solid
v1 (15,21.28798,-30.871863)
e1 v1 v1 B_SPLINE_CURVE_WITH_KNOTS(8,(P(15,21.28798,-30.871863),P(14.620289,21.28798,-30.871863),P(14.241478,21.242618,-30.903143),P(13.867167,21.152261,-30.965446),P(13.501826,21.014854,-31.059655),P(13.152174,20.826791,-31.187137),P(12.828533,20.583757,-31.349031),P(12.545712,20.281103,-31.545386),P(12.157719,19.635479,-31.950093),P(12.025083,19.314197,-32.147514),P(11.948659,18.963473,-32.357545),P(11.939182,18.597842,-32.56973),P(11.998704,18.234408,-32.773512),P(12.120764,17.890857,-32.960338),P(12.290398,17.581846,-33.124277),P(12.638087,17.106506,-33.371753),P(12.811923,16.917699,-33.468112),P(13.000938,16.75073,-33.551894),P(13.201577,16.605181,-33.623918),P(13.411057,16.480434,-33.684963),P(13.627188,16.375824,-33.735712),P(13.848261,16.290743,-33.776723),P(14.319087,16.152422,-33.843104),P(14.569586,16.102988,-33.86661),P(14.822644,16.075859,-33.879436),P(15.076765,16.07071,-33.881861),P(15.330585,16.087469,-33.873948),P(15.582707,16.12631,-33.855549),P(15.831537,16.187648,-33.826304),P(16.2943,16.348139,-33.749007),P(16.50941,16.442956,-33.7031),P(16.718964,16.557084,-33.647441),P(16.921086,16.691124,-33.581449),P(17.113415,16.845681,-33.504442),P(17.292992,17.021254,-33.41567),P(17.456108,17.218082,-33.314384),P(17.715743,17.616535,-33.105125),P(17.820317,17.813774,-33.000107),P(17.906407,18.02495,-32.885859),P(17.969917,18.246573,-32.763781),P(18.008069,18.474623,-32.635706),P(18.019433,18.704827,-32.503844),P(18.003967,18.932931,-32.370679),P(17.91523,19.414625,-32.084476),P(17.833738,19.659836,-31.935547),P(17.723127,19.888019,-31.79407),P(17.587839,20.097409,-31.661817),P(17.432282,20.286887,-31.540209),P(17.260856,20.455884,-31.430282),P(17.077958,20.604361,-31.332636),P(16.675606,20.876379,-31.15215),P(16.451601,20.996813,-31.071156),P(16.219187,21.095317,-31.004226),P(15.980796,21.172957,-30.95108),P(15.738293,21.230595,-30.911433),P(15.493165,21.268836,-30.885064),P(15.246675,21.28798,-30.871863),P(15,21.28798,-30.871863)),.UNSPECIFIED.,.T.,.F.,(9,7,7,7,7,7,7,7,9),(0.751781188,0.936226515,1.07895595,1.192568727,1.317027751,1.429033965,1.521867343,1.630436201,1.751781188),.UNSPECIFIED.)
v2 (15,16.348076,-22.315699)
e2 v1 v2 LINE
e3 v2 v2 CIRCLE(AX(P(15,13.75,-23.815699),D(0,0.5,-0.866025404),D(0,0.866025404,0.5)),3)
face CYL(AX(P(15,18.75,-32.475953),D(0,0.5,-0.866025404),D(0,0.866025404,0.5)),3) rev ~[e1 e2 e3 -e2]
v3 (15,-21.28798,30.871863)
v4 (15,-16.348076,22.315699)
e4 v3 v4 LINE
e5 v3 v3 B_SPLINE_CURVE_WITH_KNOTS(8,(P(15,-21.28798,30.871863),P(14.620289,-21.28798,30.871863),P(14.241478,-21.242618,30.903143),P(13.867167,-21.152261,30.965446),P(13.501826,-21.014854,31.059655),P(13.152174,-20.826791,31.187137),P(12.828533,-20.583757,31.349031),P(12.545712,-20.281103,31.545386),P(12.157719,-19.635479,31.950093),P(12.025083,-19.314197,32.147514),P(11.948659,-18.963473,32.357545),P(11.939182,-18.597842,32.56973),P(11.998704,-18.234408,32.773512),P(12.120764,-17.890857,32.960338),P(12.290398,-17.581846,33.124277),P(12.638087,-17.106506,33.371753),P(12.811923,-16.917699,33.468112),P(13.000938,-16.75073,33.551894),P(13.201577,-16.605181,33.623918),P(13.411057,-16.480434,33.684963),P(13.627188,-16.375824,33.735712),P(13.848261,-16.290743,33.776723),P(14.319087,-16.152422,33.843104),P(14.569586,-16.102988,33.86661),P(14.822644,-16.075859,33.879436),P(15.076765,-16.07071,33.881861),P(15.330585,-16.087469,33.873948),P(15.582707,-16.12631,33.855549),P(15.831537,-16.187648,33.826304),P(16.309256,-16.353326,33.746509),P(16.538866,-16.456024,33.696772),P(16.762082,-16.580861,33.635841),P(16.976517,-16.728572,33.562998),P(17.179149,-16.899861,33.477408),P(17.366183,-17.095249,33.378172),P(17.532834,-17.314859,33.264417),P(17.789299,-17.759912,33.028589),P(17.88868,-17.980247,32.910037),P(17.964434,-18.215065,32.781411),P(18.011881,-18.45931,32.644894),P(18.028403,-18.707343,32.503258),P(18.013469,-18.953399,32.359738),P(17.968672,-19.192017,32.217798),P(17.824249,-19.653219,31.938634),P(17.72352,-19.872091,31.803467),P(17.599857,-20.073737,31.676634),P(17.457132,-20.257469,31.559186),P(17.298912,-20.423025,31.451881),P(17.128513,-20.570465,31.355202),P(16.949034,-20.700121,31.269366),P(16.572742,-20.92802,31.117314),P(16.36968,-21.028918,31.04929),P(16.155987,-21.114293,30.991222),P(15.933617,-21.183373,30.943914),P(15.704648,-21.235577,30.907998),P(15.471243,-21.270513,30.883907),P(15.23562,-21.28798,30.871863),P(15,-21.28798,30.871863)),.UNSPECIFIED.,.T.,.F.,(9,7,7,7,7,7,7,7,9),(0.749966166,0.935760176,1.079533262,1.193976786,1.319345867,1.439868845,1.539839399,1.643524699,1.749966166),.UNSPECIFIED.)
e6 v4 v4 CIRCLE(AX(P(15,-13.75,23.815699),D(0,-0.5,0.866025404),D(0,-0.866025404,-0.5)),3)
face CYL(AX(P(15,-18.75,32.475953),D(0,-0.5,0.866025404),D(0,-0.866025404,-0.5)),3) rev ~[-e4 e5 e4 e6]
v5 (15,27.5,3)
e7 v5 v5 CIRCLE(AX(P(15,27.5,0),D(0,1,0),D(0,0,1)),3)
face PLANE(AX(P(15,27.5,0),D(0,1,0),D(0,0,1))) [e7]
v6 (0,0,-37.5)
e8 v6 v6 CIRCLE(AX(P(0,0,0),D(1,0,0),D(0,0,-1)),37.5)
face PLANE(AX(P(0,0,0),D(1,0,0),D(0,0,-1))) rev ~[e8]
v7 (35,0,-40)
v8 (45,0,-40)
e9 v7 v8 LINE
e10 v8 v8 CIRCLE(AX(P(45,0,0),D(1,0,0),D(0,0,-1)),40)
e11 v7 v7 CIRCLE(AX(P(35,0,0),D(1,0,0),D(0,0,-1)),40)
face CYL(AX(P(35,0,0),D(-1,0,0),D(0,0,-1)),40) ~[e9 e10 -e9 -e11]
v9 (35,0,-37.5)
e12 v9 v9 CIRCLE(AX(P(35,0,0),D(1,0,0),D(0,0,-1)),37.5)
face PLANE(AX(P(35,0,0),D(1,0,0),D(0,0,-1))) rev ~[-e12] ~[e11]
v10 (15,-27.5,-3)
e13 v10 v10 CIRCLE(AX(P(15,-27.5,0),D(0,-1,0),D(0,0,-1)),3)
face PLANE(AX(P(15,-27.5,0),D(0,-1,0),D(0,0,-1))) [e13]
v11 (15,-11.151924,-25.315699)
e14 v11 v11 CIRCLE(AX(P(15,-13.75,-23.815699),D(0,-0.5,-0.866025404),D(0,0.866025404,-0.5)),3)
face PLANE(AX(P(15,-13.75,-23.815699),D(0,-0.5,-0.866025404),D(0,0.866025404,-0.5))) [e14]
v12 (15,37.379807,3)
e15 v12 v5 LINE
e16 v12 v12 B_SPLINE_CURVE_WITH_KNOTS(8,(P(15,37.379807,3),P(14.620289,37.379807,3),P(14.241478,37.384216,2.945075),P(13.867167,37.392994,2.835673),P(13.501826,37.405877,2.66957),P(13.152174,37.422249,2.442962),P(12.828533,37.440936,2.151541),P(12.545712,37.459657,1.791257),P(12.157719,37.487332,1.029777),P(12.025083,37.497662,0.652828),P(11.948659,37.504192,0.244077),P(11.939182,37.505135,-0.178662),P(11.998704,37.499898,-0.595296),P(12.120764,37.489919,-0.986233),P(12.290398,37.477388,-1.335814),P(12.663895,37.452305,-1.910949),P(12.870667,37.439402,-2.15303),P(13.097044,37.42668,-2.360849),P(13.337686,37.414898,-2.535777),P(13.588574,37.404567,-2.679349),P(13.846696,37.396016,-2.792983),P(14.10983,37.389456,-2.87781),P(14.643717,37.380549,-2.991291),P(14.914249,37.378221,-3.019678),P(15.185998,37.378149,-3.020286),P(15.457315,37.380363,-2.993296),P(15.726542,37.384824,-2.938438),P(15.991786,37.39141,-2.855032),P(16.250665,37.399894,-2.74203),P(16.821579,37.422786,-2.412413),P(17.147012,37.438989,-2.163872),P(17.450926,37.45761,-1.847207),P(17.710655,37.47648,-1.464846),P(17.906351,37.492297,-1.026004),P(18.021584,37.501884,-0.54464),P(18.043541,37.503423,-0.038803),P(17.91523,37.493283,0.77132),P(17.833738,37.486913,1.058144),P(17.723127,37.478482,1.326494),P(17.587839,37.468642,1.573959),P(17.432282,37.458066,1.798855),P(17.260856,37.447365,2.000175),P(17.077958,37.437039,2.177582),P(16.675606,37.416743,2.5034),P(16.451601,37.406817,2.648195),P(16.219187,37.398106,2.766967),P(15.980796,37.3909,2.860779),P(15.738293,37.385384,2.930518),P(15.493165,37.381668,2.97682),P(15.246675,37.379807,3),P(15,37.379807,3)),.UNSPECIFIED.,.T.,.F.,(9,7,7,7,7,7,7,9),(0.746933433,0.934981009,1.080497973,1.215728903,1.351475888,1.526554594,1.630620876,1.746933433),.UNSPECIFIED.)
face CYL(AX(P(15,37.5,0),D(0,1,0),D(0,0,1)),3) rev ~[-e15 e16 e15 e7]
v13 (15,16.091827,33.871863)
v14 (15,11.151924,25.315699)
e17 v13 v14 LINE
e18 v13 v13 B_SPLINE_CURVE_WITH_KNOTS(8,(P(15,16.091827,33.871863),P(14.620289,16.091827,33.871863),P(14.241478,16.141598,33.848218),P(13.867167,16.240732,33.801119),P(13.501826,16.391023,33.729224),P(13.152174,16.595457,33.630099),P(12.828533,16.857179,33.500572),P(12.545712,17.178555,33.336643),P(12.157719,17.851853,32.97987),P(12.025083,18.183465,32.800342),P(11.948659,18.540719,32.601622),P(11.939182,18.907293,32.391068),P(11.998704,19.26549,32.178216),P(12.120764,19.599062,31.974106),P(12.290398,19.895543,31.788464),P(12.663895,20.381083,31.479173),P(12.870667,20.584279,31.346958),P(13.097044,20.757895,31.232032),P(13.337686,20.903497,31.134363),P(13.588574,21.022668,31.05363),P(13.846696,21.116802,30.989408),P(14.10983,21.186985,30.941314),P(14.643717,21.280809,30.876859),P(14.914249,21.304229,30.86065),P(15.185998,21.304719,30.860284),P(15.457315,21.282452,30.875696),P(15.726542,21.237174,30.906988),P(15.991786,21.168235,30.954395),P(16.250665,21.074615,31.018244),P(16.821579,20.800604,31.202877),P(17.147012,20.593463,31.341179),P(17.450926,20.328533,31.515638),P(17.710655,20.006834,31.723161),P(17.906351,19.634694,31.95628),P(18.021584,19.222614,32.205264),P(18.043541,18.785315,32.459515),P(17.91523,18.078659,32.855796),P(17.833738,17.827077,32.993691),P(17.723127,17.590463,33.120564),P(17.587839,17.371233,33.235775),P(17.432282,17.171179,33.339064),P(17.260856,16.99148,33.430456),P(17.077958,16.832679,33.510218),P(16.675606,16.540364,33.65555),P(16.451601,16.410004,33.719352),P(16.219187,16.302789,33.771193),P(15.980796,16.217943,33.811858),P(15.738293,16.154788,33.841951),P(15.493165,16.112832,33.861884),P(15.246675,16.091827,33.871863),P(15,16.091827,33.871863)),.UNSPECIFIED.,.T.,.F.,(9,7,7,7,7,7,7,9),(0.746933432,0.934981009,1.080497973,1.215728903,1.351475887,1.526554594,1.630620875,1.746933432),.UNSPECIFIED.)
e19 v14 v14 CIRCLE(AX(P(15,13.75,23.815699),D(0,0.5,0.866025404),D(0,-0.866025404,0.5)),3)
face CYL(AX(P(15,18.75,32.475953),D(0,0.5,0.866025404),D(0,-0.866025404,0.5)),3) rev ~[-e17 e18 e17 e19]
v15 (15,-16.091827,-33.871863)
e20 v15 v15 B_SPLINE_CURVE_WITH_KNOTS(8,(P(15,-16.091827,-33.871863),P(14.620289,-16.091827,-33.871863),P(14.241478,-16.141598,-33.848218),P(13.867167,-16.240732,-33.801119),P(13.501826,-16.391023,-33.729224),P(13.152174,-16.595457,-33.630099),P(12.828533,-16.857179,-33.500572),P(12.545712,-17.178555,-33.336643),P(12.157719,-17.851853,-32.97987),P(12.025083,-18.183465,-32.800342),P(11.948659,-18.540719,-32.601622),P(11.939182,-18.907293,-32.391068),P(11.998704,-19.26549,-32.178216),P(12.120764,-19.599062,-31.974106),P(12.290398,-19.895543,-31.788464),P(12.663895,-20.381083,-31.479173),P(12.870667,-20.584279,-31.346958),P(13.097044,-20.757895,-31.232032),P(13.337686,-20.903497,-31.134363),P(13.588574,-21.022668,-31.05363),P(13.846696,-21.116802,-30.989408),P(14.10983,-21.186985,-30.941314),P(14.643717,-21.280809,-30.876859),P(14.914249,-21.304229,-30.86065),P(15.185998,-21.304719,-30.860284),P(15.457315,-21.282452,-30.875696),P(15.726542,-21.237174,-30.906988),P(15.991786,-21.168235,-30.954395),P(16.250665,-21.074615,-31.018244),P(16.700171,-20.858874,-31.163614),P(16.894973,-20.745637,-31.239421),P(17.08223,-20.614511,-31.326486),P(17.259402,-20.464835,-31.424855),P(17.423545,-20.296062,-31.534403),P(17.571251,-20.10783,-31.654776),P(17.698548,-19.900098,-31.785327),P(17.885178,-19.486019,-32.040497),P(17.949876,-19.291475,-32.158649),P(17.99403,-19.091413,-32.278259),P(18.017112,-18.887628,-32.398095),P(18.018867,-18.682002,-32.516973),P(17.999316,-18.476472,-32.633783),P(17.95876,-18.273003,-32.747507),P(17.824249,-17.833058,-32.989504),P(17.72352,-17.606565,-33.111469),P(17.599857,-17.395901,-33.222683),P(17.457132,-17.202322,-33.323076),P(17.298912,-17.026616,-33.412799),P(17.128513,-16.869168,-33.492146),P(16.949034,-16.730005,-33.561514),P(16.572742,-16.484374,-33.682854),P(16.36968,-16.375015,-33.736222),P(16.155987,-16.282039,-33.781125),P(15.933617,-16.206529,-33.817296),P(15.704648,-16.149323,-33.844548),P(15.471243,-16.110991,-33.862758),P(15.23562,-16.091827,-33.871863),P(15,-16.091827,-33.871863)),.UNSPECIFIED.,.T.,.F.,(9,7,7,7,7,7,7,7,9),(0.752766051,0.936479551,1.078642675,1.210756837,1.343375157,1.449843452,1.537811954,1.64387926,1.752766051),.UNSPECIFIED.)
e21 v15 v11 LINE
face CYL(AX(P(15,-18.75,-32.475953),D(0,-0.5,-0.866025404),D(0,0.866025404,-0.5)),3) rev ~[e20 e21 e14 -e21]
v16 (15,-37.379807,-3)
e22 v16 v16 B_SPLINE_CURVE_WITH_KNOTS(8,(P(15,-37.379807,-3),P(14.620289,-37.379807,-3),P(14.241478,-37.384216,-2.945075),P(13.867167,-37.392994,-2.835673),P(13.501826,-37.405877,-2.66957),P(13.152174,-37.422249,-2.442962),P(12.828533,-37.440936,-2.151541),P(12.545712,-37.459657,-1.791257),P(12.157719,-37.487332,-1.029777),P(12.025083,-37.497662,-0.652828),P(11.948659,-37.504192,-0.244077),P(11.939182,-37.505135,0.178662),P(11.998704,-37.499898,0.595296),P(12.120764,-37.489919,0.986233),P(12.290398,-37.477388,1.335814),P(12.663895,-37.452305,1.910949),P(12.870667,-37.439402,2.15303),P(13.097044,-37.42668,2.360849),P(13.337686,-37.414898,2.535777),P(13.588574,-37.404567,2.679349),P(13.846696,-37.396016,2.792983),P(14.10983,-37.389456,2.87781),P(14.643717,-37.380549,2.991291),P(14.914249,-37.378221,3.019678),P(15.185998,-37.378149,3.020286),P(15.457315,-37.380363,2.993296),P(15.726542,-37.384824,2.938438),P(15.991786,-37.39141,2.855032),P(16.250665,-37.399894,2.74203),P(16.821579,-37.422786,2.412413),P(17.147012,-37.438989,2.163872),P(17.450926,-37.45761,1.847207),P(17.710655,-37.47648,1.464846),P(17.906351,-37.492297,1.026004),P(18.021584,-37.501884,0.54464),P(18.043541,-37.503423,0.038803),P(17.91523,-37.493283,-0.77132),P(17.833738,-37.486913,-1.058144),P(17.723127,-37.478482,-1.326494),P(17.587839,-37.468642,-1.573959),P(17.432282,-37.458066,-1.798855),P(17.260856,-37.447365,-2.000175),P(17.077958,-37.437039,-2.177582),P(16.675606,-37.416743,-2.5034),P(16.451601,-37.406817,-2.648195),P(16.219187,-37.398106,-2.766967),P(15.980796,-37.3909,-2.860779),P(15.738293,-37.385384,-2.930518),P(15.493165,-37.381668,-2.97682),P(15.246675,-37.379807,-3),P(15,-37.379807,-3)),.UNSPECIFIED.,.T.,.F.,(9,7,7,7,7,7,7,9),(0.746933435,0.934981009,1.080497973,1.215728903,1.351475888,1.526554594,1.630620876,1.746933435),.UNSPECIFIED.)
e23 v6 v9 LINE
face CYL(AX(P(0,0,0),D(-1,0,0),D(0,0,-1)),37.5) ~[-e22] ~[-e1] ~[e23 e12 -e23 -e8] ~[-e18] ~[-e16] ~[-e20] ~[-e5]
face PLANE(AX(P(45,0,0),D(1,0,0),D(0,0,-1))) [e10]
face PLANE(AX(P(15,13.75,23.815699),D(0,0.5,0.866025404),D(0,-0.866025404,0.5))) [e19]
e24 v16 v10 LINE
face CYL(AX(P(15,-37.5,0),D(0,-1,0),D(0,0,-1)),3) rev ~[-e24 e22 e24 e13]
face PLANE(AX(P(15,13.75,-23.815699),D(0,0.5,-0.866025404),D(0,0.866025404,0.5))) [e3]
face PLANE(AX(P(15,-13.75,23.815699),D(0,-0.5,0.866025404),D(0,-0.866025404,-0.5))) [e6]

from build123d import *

# Parameters (mm, degrees)
SKETCH1_R           = 37.5
BOSS_EXTRUDE1_DEPTH = 35
SKETCH2_R           = 40
BOSS_EXTRUDE2_DEPTH = 10
SKETCH3_R           = 3
CUT_EXTRUDE1_DEPTH  = 10
CIRPATTERN1_COUNT   = 6


with BuildPart() as part:
    # Sketch1 → Boss-Extrude1 (new body)
    with BuildSketch(Plane(origin=(0, 0, 0), x_dir=(0, 0, -1), z_dir=(1, 0, 0))):
        Circle(SKETCH1_R)
    extrude(amount=BOSS_EXTRUDE1_DEPTH)

    # Sketch2 → Boss-Extrude2 (add)
    with BuildSketch(Plane(origin=(35, 0, 0), x_dir=(0, 0, -1), z_dir=(1, 0, 0))):
        Circle(SKETCH2_R)
    extrude(amount=BOSS_EXTRUDE2_DEPTH)

    # Sketch3 → Cut-Extrude1 (cut)
    with BuildSketch(Plane(origin=(0, 37.5, 0), x_dir=(1, 0, 0), z_dir=(0, 1, 0))):
        with Locations(Location((15, 0, 0), (0, 0, 270))):
            Circle(SKETCH3_R)
    cut_extrude1 = extrude(amount=-CUT_EXTRUDE1_DEPTH, mode=Mode.SUBTRACT)

    # CirPattern1: Cut-Extrude1 ×6 about axis
    cirpattern1_axis = Axis((0, 0, 0), (1, 0, 0))
    for i in range(1, CIRPATTERN1_COUNT):
        add(cut_extrude1.rotate(cirpattern1_axis, i * 360 / CIRPATTERN1_COUNT), mode=Mode.SUBTRACT)


solid = part.part
